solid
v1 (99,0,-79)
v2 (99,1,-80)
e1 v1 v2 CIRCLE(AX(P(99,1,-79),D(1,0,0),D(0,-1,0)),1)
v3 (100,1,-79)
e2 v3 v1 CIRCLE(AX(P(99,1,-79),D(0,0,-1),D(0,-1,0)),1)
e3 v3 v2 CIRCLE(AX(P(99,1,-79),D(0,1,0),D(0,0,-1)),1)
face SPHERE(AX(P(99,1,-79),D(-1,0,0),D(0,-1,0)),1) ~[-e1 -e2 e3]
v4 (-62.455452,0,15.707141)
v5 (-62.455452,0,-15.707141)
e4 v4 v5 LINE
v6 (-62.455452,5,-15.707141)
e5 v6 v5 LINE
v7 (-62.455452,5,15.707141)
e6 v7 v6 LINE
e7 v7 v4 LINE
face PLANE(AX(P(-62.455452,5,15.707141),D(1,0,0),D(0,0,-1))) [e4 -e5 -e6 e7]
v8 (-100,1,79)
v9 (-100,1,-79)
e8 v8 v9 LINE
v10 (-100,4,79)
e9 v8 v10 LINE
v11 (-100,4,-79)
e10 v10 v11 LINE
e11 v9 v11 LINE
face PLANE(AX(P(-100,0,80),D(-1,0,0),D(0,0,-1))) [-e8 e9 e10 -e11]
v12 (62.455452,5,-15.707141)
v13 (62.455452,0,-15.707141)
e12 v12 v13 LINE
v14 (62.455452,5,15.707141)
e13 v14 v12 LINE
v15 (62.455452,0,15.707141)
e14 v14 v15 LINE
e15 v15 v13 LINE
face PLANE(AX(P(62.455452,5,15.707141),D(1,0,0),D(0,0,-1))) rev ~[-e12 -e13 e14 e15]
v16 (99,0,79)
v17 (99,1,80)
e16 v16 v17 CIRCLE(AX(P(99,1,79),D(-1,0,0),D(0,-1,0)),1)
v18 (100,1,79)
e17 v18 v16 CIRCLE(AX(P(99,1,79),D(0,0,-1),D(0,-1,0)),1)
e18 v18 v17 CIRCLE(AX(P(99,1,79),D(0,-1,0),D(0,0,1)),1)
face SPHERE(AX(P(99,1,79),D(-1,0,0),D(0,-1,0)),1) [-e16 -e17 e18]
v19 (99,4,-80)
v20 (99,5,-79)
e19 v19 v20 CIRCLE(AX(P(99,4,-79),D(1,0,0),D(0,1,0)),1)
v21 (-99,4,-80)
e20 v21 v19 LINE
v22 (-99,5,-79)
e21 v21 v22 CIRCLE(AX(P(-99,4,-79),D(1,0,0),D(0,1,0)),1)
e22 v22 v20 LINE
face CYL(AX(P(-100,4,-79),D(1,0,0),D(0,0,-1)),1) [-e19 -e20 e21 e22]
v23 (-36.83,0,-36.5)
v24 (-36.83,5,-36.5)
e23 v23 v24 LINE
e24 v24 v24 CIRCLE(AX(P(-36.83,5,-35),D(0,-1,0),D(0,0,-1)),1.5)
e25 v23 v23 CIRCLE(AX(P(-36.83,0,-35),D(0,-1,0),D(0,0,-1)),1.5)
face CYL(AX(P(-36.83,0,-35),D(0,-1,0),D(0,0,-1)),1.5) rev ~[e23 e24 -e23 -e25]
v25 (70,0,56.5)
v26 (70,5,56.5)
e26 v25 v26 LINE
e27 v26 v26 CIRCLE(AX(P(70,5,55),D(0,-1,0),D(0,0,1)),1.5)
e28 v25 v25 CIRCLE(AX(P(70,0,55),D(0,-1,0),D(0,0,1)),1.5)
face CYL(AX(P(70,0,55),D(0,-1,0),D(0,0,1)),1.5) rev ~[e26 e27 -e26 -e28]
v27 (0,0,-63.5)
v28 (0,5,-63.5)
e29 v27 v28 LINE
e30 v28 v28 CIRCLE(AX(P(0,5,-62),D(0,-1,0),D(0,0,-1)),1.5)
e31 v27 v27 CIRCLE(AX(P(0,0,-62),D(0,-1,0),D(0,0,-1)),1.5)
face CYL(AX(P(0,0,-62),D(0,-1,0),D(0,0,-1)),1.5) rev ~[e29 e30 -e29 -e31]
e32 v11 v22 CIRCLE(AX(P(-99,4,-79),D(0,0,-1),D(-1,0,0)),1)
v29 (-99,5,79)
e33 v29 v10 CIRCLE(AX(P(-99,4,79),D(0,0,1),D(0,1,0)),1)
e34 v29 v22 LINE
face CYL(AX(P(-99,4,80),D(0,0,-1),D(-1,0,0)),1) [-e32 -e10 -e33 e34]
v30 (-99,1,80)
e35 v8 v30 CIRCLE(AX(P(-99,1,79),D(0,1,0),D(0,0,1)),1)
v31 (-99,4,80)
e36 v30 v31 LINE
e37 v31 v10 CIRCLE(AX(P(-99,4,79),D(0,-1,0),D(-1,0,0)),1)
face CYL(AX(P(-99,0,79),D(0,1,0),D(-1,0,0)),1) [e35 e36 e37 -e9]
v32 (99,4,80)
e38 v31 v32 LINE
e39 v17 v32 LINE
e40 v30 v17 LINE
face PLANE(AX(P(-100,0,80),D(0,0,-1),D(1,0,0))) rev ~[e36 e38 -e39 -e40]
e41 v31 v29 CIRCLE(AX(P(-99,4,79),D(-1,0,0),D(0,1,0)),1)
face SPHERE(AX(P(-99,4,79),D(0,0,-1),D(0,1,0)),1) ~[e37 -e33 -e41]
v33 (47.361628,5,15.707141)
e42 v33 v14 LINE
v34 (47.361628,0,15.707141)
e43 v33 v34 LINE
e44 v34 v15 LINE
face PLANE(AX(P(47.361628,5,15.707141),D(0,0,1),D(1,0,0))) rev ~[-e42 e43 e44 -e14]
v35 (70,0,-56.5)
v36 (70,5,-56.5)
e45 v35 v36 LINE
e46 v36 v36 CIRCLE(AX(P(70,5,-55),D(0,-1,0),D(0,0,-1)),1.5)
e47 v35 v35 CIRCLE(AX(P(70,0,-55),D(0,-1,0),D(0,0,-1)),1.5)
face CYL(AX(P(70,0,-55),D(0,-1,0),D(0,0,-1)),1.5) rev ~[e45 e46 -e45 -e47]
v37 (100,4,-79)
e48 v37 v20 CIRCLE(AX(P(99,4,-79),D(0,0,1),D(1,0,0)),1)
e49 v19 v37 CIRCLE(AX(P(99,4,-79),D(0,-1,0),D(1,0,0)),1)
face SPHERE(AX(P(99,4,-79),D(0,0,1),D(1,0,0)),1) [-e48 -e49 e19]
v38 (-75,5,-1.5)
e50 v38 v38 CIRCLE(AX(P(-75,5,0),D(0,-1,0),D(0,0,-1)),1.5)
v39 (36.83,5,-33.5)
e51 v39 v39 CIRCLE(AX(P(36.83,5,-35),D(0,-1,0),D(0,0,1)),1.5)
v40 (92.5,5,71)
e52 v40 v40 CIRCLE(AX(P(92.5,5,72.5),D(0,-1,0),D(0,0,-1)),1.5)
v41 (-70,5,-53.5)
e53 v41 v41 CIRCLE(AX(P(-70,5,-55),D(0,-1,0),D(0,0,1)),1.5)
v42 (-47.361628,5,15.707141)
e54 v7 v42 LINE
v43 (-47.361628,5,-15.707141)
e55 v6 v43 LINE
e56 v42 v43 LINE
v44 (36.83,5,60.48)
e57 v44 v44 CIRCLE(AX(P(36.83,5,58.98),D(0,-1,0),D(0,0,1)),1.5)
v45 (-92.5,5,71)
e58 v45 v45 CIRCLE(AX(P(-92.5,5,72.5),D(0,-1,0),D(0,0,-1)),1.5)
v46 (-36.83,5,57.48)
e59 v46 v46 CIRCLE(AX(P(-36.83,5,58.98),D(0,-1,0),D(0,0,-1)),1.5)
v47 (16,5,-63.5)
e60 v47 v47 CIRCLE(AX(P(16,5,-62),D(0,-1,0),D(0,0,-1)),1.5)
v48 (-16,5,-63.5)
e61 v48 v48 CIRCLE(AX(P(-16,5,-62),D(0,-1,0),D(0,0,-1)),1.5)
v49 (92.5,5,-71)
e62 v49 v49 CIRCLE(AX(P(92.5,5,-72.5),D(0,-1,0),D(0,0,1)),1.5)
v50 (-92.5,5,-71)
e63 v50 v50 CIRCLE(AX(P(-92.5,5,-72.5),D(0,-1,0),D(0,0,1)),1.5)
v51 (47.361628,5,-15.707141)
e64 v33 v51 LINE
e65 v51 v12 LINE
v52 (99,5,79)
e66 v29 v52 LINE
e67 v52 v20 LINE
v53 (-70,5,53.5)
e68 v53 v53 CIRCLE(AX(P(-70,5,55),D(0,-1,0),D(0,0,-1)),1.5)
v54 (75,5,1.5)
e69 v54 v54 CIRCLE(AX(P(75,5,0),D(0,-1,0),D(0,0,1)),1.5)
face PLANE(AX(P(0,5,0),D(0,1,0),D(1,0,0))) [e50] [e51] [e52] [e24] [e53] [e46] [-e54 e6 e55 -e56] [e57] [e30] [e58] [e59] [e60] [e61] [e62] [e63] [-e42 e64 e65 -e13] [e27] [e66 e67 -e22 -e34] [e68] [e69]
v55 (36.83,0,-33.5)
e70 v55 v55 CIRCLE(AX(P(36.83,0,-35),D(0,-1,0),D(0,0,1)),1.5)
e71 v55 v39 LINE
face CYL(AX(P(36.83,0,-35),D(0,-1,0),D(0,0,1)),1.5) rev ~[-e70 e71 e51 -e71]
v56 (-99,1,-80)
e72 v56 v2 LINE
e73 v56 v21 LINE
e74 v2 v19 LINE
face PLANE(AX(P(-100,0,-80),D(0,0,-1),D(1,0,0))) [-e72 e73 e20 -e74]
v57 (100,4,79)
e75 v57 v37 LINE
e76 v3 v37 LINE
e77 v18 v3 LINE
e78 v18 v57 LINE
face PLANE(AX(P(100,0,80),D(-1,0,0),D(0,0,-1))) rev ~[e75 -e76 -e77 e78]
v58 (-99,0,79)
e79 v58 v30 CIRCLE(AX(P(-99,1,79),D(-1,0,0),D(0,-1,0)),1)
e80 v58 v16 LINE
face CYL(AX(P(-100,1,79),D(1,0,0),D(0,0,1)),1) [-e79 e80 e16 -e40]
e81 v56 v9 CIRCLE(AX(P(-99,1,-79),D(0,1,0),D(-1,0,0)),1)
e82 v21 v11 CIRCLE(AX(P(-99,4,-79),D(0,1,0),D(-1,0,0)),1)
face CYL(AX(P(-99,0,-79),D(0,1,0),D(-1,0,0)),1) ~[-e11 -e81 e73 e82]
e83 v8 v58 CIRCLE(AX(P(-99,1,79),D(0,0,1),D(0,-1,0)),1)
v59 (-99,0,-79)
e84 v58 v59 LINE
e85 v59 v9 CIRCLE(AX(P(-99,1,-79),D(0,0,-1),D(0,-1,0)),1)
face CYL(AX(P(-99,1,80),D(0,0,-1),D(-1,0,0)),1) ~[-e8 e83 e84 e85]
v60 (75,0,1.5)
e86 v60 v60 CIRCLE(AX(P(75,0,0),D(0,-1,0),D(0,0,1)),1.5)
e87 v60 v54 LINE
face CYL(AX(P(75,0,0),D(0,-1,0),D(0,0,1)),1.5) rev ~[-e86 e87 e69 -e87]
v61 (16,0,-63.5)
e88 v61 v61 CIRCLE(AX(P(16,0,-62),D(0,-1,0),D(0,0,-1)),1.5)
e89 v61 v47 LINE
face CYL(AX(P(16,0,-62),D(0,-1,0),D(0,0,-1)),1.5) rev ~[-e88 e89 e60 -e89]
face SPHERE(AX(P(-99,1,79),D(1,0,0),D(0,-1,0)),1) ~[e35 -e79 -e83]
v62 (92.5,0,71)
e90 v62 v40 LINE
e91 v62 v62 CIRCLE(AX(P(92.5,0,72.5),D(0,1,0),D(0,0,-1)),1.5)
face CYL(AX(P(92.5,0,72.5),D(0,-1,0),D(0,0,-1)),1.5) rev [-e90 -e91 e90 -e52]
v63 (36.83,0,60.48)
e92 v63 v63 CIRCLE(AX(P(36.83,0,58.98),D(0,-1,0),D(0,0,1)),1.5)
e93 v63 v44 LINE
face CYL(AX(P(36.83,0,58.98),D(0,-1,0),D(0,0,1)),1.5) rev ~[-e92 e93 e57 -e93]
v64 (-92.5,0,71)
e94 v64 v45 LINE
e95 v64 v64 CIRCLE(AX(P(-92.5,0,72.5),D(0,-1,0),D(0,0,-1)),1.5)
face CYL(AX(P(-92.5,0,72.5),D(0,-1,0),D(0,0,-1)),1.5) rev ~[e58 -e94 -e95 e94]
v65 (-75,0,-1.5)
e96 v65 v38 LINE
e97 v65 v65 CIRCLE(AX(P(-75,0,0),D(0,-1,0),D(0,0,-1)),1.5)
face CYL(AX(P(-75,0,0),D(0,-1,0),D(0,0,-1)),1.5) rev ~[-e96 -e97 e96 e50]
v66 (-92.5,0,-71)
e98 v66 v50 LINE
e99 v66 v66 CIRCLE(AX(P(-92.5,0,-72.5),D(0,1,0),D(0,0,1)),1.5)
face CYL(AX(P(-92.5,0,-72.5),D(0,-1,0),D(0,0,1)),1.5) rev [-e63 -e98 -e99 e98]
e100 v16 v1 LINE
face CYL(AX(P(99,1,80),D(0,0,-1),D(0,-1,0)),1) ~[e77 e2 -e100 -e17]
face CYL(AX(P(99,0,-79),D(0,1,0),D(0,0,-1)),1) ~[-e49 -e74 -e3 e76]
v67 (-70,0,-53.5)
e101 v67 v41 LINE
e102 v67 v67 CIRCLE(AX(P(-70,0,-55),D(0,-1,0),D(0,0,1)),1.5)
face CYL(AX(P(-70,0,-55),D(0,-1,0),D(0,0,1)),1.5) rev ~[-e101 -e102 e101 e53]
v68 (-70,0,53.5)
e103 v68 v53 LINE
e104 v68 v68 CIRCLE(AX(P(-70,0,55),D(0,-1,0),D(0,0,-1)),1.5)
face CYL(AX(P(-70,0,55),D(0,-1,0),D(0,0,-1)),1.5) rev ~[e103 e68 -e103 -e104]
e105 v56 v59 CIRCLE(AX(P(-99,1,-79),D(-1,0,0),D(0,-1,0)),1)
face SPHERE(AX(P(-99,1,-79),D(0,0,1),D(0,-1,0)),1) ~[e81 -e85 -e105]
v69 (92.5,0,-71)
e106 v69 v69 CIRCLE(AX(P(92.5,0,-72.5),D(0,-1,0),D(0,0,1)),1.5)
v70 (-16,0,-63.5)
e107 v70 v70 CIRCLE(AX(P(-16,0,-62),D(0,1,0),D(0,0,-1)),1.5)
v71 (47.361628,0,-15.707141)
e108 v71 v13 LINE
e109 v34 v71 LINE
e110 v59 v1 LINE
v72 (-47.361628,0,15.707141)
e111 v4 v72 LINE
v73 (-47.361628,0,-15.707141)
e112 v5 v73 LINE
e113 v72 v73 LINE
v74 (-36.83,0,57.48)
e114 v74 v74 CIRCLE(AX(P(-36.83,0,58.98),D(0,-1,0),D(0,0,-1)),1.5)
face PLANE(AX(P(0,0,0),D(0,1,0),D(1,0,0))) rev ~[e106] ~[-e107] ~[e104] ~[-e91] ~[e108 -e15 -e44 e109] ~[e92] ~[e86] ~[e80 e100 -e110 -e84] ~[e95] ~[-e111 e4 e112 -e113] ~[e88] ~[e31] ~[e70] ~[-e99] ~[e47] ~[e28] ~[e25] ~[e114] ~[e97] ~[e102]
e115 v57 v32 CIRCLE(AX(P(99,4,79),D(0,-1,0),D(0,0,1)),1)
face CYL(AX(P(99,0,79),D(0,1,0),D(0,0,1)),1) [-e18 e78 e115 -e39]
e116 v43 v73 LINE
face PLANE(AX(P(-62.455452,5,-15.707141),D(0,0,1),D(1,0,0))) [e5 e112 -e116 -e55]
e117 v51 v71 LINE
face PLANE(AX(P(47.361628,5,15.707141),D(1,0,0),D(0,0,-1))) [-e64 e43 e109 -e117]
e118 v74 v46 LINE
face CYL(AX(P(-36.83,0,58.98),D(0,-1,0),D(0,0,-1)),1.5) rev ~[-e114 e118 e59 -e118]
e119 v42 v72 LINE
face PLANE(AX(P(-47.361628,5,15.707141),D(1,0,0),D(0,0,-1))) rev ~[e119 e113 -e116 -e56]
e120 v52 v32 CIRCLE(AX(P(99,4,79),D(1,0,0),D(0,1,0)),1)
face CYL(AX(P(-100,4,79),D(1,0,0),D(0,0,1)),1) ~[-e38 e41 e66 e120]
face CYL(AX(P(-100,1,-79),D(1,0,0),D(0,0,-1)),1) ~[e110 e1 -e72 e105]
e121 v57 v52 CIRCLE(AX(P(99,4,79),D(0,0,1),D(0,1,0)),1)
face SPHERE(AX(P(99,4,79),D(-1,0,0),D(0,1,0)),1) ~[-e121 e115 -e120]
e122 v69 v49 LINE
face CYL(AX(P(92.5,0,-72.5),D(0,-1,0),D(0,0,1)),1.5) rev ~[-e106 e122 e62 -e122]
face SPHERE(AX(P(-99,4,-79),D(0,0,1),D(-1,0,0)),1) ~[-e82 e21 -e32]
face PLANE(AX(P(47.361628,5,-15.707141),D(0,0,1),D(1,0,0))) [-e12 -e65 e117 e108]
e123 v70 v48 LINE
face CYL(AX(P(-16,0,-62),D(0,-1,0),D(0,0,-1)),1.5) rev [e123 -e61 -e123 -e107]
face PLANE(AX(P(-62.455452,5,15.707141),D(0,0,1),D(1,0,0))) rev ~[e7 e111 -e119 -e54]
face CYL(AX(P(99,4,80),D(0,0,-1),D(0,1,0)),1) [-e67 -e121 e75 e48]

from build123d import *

# Parameters (mm, degrees)
SKETCH7_W               = 200
SKETCH7_H               = 160
BOSS_EXTRUDE5_DEPTH     = 5
SKETCH8_R               = 1.5
CUT_EXTRUDE2_DEPTH      = 129.16005618
MIRROR5_COPY_1_SKETCH_R = 1.5
MIRROR5_COPY_1_DEPTH    = 129.16005618
SKETCH11_R              = 1.5
CUT_EXTRUDE8_DEPTH      = 129.16005618
SKETCH15_R              = 1.5
CUT_EXTRUDE13_DEPTH     = 129.16005618
SKETCH17_R              = 1.5
CUT_EXTRUDE16_DEPTH     = 129.16005618
SKETCH18_R              = 1.5
CUT_EXTRUDE20_DEPTH     = 129.16005618
FILLET1_R               = 1
SKETCH19_W              = 15.093823339
SKETCH19_H              = 31.414282074
CUT_EXTRUDE21_DEPTH     = 129.16005618


with BuildPart() as part:
    # Sketch7 → Boss-Extrude5 (new body)
    with BuildSketch(Plane(origin=(0, 0, 0), x_dir=(1, 0, 0), z_dir=(0, 1, 0))):
        Rectangle(SKETCH7_W, SKETCH7_H)
    extrude(amount=BOSS_EXTRUDE5_DEPTH)

    # Sketch8 → Cut-Extrude2 (cut, through all)
    with BuildSketch(Plane(origin=(0, 0, 0), x_dir=(-1, 0, 0), z_dir=(0, -1, 0))):
        with Locations(Location((92.5, -72.5, 0), (0, 0, 90))):
            Circle(SKETCH8_R)
    cut_extrude2 = extrude(amount=-CUT_EXTRUDE2_DEPTH, mode=Mode.SUBTRACT)

    # Mirror4: Cut-Extrude2 across plane
    add(cut_extrude2.mirror(Plane.XY), mode=Mode.SUBTRACT)

    # Mirror5: Cut-Extrude2 across plane
    add(cut_extrude2.mirror(Plane(origin=(0, 0, 0), x_dir=(0, 0, 1), z_dir=(1, 0, 0))), mode=Mode.SUBTRACT)

    # Mirror5 copy 1 sketch → Mirror5 copy 1 (cut, through all)
    with BuildSketch(Plane.XZ):
        with Locations(Location((92.5, -72.5, 0), (0, 0, 90))):
            Circle(MIRROR5_COPY_1_SKETCH_R)
    extrude(amount=-MIRROR5_COPY_1_DEPTH, mode=Mode.SUBTRACT)

    # Sketch11 → Cut-Extrude8 (cut, through all)
    with BuildSketch(Plane(origin=(0, 0, 0), x_dir=(-1, 0, 0), z_dir=(0, -1, 0))):
        with Locations(Location((36.83, -58.98, 0), (0, 0, 90))):
            Circle(SKETCH11_R)
        with Locations(Location((36.83, 35, 0), (0, 0, 90))):
            Circle(SKETCH11_R)
        with Locations(Location((-36.83, -58.98, 0), (0, 0, 270))):
            Circle(SKETCH11_R)
        with Locations(Location((-36.83, 35, 0), (0, 0, 270))):
            Circle(SKETCH11_R)
    extrude(amount=-CUT_EXTRUDE8_DEPTH, mode=Mode.SUBTRACT)

    # Sketch15 → Cut-Extrude13 (cut, through all)
    with BuildSketch(Plane(origin=(0, 0, 0), x_dir=(-1, 0, 0), z_dir=(0, -1, 0))):
        with Locations(Location((70, -55, 0), (0, 0, 90))):
            Circle(SKETCH15_R)
        with Locations(Location((70, 55, 0), (0, 0, 270))):
            Circle(SKETCH15_R)
        with Locations(Location((-70, 55, 0), (0, 0, 90))):
            Circle(SKETCH15_R)
        with Locations(Location((-70, -55, 0), (0, 0, 270))):
            Circle(SKETCH15_R)
    extrude(amount=-CUT_EXTRUDE13_DEPTH, mode=Mode.SUBTRACT)

    # Sketch17 → Cut-Extrude16 (cut, through all)
    with BuildSketch(Plane(origin=(0, 0, 0), x_dir=(-1, 0, 0), z_dir=(0, -1, 0))):
        with Locations(Location((75, 0, 0), (0, 0, 90))):
            Circle(SKETCH17_R)
        with Locations(Location((-75, 0, 0), (0, 0, 270))):
            Circle(SKETCH17_R)
    extrude(amount=-CUT_EXTRUDE16_DEPTH, mode=Mode.SUBTRACT)

    # Sketch18 → Cut-Extrude20 (cut, through all)
    with BuildSketch(Plane(origin=(0, 0, 0), x_dir=(-1, 0, 0), z_dir=(0, -1, 0))):
        with Locations(Location((0, 62, 0), (0, 0, 90))):
            Circle(SKETCH18_R)
        with Locations(Location((-16, 62, 0), (0, 0, 90))):
            Circle(SKETCH18_R)
    cut_extrude20 = extrude(amount=-CUT_EXTRUDE20_DEPTH, mode=Mode.SUBTRACT)

    # Mirror12: Cut-Extrude20 across plane
    add(cut_extrude20.mirror(Plane(origin=(0, 0, 0), x_dir=(0, 0, 1), z_dir=(1, 0, 0))), mode=Mode.SUBTRACT)

    # Fillet1
    fillet1_edges = [part.edges().sort_by_distance(p)[0] for p in [
        (-100, 5, 0),
        (0, 5, 80),
        (100, 5, 0),
        (0, 0, 80),
        (-100, 0, 0),
        (0, 0, -80),
        (100, 0, 0),
        (100, 2.5, 80),
        (-100, 2.5, 80),
        (-100, 2.5, -80),
        (100, 2.5, -80),
        (0, 5, -80),
    ]]
    fillet(fillet1_edges, radius=FILLET1_R)

    # Sketch19 → Cut-Extrude21 (cut, through all)
    with BuildSketch(Plane(origin=(0, 5, 0), x_dir=(1, 0, 0), z_dir=(0, 1, 0))):
        with Locations((-54.908539981, 0)):
            Rectangle(SKETCH19_W, SKETCH19_H)
        with Locations((54.908539981, 0)):
            Rectangle(SKETCH19_W, SKETCH19_H)
    extrude(amount=-CUT_EXTRUDE21_DEPTH, mode=Mode.SUBTRACT)


solid = part.part
